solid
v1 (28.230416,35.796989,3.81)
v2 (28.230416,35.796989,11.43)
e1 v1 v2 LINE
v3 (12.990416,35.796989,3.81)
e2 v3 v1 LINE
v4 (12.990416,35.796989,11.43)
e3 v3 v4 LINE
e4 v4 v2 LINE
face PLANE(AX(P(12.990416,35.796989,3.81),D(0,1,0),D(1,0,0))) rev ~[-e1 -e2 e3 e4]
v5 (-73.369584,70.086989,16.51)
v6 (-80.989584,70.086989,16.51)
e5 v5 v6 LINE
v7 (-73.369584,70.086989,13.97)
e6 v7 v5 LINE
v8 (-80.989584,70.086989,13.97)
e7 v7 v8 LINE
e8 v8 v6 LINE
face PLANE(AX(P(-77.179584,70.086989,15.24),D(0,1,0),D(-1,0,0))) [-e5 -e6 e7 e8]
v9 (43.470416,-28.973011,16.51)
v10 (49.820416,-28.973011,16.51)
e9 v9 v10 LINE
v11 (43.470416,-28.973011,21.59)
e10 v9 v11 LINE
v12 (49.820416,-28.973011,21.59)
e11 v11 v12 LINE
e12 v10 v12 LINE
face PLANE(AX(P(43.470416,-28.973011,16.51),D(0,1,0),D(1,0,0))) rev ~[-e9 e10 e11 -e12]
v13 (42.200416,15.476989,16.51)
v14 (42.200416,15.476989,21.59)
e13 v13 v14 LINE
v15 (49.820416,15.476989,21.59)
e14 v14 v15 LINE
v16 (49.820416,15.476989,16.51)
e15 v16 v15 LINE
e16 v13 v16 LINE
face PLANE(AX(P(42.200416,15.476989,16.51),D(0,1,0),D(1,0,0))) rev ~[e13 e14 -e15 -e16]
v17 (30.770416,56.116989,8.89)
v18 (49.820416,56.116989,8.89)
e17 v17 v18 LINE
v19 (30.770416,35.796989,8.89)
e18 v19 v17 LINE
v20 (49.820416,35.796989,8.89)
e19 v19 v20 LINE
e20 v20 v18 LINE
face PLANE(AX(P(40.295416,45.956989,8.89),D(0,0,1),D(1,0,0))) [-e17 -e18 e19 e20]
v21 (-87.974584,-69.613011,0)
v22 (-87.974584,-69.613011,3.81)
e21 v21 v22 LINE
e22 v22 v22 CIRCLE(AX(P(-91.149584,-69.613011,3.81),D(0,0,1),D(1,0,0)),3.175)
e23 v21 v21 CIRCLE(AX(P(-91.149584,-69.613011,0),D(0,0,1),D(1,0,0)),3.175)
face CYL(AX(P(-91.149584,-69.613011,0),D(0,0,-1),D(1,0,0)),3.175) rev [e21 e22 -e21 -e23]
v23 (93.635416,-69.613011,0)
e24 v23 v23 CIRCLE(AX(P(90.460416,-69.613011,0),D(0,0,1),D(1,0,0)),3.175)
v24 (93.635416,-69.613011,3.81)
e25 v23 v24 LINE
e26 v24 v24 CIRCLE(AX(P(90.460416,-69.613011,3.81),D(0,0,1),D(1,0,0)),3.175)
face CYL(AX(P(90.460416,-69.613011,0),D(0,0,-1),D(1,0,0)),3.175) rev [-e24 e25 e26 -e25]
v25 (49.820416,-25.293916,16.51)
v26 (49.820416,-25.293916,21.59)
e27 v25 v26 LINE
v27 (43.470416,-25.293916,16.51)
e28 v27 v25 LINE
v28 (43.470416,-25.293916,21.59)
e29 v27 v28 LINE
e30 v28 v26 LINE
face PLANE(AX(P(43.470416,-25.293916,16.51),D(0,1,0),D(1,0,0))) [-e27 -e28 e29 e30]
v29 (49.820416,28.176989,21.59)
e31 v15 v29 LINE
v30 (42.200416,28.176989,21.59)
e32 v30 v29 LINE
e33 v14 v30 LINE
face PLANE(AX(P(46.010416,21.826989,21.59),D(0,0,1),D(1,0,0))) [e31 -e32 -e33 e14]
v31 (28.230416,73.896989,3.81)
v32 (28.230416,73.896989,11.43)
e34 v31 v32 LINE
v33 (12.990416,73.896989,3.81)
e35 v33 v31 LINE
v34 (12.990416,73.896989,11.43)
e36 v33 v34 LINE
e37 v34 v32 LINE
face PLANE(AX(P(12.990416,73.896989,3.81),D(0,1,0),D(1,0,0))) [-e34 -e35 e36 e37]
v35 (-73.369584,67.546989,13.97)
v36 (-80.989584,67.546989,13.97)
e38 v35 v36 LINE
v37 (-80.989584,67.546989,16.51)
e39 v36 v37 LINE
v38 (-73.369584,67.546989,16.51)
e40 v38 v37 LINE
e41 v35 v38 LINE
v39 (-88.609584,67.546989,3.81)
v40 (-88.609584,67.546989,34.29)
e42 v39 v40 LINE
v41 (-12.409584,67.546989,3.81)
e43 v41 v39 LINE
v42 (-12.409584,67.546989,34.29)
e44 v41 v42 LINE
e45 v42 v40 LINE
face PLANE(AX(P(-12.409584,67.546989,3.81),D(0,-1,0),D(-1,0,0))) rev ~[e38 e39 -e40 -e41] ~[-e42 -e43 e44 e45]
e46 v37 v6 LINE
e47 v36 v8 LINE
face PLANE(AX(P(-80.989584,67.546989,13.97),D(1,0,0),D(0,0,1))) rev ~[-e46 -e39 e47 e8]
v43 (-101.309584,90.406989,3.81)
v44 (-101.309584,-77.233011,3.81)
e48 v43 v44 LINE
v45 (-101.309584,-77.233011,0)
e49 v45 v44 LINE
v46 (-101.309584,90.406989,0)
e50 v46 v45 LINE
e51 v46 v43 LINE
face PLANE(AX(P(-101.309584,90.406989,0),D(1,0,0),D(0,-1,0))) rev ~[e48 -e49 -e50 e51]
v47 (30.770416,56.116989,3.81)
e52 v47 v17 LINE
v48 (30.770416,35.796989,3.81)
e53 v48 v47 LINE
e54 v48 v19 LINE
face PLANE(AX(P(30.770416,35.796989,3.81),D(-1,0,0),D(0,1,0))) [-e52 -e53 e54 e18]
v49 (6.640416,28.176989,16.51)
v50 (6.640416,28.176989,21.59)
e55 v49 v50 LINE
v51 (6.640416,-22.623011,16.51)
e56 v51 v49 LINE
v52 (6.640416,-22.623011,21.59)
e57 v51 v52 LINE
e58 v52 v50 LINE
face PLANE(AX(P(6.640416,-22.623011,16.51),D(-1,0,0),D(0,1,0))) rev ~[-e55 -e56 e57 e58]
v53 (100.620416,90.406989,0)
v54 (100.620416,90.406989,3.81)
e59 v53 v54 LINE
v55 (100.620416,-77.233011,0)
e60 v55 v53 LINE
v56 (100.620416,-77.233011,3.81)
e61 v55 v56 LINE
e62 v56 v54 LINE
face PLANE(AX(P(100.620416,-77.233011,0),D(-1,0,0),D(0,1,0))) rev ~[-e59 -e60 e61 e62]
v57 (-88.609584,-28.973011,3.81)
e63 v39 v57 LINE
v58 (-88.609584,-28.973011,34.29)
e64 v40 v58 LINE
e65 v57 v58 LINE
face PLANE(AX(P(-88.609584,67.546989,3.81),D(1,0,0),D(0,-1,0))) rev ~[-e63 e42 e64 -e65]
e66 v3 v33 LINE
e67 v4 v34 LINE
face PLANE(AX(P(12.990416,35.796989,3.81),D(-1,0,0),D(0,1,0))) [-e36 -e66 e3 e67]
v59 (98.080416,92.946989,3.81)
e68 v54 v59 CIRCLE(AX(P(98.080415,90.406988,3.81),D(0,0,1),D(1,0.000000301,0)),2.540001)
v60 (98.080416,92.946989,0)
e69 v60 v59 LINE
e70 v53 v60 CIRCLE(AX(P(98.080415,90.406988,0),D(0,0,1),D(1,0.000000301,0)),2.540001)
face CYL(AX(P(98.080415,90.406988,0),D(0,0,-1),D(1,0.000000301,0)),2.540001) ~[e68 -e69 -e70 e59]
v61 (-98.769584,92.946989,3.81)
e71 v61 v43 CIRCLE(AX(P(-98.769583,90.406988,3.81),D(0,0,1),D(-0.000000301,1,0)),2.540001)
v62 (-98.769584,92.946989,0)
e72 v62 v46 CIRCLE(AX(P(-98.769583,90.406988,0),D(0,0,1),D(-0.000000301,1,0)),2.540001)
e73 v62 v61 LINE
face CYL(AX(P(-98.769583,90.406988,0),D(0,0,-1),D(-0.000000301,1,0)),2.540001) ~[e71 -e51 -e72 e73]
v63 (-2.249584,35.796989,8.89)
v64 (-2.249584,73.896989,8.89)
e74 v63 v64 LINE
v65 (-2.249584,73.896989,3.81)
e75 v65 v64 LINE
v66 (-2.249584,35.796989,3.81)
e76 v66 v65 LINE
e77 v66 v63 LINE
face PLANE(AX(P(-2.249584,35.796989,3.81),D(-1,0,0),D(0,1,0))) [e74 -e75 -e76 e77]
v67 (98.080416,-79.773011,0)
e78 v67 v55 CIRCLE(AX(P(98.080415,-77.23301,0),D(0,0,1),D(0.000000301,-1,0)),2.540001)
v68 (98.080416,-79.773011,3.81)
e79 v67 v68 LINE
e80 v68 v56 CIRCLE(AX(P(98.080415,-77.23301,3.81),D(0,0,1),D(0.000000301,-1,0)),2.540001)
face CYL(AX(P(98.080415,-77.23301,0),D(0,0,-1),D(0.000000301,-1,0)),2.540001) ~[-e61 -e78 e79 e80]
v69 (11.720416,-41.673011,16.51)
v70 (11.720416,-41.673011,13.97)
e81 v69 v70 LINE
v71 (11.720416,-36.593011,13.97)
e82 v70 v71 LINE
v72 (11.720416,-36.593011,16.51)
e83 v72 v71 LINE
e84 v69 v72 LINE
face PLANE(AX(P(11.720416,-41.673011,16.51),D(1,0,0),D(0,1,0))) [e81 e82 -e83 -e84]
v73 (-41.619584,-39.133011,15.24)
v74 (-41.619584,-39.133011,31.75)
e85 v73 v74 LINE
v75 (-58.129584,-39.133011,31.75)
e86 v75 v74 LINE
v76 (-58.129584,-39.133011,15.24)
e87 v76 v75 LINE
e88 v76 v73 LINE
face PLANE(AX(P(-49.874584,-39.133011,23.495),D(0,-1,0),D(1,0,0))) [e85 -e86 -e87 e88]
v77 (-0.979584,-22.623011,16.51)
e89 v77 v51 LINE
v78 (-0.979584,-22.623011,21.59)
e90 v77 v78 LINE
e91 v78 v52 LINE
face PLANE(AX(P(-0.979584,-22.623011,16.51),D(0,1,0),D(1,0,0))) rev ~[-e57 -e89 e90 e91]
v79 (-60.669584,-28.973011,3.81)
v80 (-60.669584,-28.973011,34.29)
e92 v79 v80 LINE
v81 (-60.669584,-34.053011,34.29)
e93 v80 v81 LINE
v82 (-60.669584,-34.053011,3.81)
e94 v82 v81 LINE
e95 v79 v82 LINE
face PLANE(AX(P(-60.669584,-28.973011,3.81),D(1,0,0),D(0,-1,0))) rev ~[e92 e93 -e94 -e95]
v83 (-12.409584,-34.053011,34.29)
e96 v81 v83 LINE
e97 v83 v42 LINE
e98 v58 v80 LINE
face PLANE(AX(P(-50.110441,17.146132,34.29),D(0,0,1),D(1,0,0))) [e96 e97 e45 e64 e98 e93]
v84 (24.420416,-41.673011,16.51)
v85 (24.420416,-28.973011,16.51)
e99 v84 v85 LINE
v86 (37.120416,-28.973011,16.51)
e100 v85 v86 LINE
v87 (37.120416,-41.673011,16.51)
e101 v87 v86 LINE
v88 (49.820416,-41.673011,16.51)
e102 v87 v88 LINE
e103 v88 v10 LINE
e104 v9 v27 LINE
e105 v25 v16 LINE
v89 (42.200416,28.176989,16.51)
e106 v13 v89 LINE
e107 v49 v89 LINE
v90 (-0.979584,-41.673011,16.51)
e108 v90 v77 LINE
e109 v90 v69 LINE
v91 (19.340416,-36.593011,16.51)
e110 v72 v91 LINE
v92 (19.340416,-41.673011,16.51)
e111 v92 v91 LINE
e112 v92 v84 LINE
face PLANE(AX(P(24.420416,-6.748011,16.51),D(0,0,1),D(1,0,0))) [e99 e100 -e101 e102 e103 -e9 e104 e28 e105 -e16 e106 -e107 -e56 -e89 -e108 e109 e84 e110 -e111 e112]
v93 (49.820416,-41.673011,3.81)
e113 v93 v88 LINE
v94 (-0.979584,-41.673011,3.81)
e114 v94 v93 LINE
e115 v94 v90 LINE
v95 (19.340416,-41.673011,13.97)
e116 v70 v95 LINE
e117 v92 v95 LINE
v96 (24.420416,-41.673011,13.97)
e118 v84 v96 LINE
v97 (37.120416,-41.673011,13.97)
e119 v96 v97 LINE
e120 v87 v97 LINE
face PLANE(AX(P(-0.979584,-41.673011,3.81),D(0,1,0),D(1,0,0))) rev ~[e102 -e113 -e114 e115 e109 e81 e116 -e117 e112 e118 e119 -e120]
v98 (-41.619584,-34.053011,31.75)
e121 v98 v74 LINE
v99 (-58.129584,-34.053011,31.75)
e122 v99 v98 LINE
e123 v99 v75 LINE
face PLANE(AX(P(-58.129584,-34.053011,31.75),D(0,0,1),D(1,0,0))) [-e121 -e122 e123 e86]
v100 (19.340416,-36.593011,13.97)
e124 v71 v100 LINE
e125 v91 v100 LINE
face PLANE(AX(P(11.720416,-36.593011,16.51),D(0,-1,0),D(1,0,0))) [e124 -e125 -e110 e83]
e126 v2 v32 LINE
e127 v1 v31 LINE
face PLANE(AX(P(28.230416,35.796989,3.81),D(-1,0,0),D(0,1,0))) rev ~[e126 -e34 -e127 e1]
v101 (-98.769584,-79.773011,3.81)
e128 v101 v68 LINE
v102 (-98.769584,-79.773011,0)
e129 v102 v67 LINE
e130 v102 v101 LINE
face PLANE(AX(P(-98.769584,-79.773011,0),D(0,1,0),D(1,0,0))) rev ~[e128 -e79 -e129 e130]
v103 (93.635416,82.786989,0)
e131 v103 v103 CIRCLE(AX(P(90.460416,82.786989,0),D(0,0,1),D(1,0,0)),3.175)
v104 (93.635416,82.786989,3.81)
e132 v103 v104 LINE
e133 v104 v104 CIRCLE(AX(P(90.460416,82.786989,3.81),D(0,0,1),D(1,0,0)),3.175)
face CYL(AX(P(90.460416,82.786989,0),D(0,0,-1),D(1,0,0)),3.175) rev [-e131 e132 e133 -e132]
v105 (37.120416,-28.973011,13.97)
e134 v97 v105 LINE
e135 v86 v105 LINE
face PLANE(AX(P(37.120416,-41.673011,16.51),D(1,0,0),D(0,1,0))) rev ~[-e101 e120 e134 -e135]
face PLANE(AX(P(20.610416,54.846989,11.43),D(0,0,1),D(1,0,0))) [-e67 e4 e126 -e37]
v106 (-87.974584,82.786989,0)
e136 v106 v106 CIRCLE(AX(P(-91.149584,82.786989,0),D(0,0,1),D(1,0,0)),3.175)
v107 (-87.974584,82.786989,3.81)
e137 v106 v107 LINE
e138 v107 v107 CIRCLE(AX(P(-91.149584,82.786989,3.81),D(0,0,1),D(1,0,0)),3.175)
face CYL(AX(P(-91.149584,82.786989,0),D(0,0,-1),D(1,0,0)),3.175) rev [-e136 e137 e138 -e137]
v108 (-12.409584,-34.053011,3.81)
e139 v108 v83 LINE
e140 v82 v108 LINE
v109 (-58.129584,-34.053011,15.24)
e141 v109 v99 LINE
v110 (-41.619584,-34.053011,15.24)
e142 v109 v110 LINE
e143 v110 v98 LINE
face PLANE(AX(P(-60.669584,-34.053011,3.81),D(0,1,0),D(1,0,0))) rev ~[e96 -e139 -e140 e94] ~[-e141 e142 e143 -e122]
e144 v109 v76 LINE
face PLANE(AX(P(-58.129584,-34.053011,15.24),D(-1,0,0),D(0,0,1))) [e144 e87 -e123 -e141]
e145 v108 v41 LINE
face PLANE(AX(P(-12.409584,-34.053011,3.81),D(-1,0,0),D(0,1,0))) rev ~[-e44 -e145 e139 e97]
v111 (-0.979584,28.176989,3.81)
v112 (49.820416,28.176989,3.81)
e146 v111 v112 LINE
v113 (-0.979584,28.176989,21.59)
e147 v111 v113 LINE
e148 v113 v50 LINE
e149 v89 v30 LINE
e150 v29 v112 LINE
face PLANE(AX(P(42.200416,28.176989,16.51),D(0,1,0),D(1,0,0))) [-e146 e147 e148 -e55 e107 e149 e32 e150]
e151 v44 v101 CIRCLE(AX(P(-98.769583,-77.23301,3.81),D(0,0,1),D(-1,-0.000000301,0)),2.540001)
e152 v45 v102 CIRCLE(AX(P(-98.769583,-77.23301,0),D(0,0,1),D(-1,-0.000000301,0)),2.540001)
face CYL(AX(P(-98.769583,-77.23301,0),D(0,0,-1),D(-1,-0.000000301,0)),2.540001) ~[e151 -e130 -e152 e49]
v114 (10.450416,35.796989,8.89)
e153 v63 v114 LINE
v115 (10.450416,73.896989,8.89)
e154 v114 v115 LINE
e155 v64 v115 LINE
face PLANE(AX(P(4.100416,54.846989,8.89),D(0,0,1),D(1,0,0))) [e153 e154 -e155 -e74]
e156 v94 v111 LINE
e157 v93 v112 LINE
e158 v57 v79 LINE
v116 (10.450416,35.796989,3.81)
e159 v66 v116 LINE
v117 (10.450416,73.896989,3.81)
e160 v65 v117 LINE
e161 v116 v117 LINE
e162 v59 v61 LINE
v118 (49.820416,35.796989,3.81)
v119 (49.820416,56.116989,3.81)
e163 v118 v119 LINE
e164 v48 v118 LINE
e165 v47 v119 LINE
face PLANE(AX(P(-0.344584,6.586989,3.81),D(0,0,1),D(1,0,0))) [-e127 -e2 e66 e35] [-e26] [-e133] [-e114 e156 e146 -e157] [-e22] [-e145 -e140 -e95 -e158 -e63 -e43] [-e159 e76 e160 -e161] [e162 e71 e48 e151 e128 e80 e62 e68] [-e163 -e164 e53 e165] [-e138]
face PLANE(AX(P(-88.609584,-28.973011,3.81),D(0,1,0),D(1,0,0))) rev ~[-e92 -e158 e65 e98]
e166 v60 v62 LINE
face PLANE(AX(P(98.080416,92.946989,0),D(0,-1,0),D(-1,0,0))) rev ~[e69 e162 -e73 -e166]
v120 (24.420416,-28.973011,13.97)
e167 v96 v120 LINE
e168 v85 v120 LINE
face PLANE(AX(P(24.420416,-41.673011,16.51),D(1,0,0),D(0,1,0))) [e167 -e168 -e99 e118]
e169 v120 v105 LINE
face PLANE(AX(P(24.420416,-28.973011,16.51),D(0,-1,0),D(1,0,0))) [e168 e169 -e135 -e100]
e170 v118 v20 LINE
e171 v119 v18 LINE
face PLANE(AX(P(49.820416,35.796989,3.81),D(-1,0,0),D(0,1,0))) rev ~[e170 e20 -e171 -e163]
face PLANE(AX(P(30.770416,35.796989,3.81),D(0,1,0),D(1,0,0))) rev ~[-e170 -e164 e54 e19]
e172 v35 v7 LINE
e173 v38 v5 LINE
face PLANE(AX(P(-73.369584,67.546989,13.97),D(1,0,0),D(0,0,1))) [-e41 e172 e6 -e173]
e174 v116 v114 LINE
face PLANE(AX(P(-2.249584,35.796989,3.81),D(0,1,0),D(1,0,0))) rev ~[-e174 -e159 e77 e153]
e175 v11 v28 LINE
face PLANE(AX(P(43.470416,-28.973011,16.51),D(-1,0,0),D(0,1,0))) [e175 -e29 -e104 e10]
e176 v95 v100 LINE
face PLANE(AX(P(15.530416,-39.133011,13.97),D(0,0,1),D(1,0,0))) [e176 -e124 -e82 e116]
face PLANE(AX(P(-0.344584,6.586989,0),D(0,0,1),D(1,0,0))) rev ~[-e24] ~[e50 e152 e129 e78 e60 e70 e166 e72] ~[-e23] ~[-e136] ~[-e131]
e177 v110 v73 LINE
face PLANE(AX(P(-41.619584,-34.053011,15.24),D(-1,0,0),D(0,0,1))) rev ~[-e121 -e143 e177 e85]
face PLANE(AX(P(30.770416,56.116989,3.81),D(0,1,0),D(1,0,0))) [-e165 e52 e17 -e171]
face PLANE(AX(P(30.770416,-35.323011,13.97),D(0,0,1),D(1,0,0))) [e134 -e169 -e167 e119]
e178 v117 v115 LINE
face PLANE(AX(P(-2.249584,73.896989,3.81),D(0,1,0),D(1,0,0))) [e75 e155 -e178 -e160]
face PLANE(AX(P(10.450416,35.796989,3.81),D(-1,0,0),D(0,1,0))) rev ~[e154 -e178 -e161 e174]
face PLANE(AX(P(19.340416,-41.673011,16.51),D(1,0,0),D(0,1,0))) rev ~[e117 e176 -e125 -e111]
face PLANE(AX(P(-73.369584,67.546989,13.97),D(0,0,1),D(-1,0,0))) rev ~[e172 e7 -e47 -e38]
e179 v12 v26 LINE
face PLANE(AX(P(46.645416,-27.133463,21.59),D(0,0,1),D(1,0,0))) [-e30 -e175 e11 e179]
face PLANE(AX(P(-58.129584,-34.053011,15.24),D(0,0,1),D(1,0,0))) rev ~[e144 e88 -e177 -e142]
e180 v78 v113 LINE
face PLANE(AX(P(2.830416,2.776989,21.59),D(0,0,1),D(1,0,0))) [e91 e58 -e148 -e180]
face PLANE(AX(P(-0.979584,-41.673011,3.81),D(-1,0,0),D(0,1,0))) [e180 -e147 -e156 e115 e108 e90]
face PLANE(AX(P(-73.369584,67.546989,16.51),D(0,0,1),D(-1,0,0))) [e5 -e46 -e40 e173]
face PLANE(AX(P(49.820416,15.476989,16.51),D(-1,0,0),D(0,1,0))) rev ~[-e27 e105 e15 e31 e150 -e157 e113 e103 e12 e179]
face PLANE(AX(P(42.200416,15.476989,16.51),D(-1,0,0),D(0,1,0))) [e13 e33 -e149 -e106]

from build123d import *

# Parameters (mm, degrees)
F0_R      = 3.175
F1_DEPTH  = 3.81
F3_DEPTH  = 30.48
F2_W      = 50.8
F2_H      = 69.85
F4_DEPTH  = 12.7
F2_W_2    = 19.05
F2_H_2    = 20.32
F5_DEPTH  = 5.08
F2_W_3    = 15.24
F2_H_3    = 38.1
F6_DEPTH  = 7.62
F2_W_4    = 12.7
F7_DEPTH  = 5.08
F8_W      = 16.51
F8_H      = 16.51
F9_DEPTH  = 5.08
F10_W     = 7.62
F10_H     = 2.54
F11_DEPTH = 2.54
F12_W     = 7.62
F12_H     = 12.7
F12_H_2   = 50.8
F13_DEPTH = 5.08
F14_W     = 6.35
F14_H     = 3.679095
F15_DEPTH = 5.08
F16_W     = 12.7
F16_H     = 12.7
F17_DEPTH = 2.54
F18_W     = 7.62
F18_H     = 5.08
F19_DEPTH = 2.54


with BuildPart() as f1:
    # F0 (on Top) → F1 (new body)
    with BuildSketch(Plane.XY):
        with BuildLine():
            Line((98.080416, 92.946989), (-98.769584, 92.946989))
            ThreePointArc((-98.769584, 92.946989), (-100.565635, 92.20304), (-101.309584, 90.406989))
            Line((-101.309584, 90.406989), (-101.309584, -77.233011))
            ThreePointArc((-101.309584, -77.233011), (-100.565635, -79.029062), (-98.769584, -79.773011))
            Line((-98.769584, -79.773011), (98.080416, -79.773011))
            ThreePointArc((98.080416, -79.773011), (99.876467, -79.029062), (100.620416, -77.233011))
            Line((100.620416, -77.233011), (100.620416, 90.406989))
            ThreePointArc((100.620416, 90.406989), (99.876467, 92.20304), (98.080416, 92.946989))
        make_face()
        with Locations((-91.149584, -69.613011)):
            Circle(F0_R, mode=Mode.SUBTRACT)
        with Locations((90.460416, -69.613011)):
            Circle(F0_R, mode=Mode.SUBTRACT)
        with Locations((-91.149584, 82.786989)):
            Circle(F0_R, mode=Mode.SUBTRACT)
        with Locations((90.460416, 82.786989)):
            Circle(F0_R, mode=Mode.SUBTRACT)
    extrude(amount=F1_DEPTH)

    # F2 (on face) → F3 (join)
    with BuildSketch(Plane.XY.offset(3.81)):
        Polygon((-12.409584, 67.546989), (-88.609584, 67.546989), (-88.609584, -28.973011), (-60.669584, -28.973011), (-60.669584, -34.053011), (-12.409584, -34.053011), align=None)
    extrude(amount=F3_DEPTH)

    # F2 (on face) → F4 (join)
    with BuildSketch(Plane.XY.offset(3.81)):
        with Locations((24.420416, -6.748011)):
            Rectangle(F2_W, F2_H)
    extrude(amount=F4_DEPTH)

    # F2 (on face) → F5 (join)
    with BuildSketch(Plane.XY.offset(3.81)):
        with Locations((40.295416, 45.956989)):
            Rectangle(F2_W_2, F2_H_2)
    extrude(amount=F5_DEPTH)

    # F2 (on face) → F6 (join)
    with BuildSketch(Plane.XY.offset(3.81)):
        with Locations((20.610416, 54.846989)):
            Rectangle(F2_W_3, F2_H_3)
    extrude(amount=F6_DEPTH)

    # F2 (on face) → F7 (join)
    with BuildSketch(Plane.XY.offset(3.81)):
        with Locations((4.100416, 54.846989)):
            Rectangle(F2_W_4, F2_H_3)
    extrude(amount=F7_DEPTH)

    # F8 (on face) → F9 (join)
    with BuildSketch(Plane.XZ.offset(34.053011)):
        with Locations((-49.874584, 23.495)):
            Rectangle(F8_W, F8_H)
    extrude(amount=F9_DEPTH)

    # F10 (on face) → F11 (join)
    with BuildSketch(Plane(origin=(0, 67.546989, 0), x_dir=(-1, 0, 0), z_dir=(0, 1, 0))):
        with Locations((77.179584, 15.24)):
            Rectangle(F10_W, F10_H)
    extrude(amount=F11_DEPTH)

    # F12 (on face) → F13 (join)
    with BuildSketch(Plane.XY.offset(16.51)):
        with Locations((46.010416, 21.826989)):
            Rectangle(F12_W, F12_H)
        with Locations((2.830416, 2.776989)):
            Rectangle(F12_W, F12_H_2)
    extrude(amount=F13_DEPTH)

    # F14 (on face) → F15 (join)
    with BuildSketch(Plane.XY.offset(16.51)):
        with Locations((46.645416, -27.133463)):
            Rectangle(F14_W, F14_H)
    extrude(amount=F15_DEPTH)

    # F16 (on face) → F17 (cut)
    with BuildSketch(Plane.XY.offset(16.51)):
        with Locations((30.770416, -35.323011)):
            Rectangle(F16_W, F16_H)
    extrude(amount=-F17_DEPTH, mode=Mode.SUBTRACT)

    # F18 (on face) → F19 (cut)
    with BuildSketch(Plane.XY.offset(16.51)):
        with Locations((15.530416, -39.133011)):
            Rectangle(F18_W, F18_H)
    extrude(amount=-F19_DEPTH, mode=Mode.SUBTRACT)


solid = f1.part
